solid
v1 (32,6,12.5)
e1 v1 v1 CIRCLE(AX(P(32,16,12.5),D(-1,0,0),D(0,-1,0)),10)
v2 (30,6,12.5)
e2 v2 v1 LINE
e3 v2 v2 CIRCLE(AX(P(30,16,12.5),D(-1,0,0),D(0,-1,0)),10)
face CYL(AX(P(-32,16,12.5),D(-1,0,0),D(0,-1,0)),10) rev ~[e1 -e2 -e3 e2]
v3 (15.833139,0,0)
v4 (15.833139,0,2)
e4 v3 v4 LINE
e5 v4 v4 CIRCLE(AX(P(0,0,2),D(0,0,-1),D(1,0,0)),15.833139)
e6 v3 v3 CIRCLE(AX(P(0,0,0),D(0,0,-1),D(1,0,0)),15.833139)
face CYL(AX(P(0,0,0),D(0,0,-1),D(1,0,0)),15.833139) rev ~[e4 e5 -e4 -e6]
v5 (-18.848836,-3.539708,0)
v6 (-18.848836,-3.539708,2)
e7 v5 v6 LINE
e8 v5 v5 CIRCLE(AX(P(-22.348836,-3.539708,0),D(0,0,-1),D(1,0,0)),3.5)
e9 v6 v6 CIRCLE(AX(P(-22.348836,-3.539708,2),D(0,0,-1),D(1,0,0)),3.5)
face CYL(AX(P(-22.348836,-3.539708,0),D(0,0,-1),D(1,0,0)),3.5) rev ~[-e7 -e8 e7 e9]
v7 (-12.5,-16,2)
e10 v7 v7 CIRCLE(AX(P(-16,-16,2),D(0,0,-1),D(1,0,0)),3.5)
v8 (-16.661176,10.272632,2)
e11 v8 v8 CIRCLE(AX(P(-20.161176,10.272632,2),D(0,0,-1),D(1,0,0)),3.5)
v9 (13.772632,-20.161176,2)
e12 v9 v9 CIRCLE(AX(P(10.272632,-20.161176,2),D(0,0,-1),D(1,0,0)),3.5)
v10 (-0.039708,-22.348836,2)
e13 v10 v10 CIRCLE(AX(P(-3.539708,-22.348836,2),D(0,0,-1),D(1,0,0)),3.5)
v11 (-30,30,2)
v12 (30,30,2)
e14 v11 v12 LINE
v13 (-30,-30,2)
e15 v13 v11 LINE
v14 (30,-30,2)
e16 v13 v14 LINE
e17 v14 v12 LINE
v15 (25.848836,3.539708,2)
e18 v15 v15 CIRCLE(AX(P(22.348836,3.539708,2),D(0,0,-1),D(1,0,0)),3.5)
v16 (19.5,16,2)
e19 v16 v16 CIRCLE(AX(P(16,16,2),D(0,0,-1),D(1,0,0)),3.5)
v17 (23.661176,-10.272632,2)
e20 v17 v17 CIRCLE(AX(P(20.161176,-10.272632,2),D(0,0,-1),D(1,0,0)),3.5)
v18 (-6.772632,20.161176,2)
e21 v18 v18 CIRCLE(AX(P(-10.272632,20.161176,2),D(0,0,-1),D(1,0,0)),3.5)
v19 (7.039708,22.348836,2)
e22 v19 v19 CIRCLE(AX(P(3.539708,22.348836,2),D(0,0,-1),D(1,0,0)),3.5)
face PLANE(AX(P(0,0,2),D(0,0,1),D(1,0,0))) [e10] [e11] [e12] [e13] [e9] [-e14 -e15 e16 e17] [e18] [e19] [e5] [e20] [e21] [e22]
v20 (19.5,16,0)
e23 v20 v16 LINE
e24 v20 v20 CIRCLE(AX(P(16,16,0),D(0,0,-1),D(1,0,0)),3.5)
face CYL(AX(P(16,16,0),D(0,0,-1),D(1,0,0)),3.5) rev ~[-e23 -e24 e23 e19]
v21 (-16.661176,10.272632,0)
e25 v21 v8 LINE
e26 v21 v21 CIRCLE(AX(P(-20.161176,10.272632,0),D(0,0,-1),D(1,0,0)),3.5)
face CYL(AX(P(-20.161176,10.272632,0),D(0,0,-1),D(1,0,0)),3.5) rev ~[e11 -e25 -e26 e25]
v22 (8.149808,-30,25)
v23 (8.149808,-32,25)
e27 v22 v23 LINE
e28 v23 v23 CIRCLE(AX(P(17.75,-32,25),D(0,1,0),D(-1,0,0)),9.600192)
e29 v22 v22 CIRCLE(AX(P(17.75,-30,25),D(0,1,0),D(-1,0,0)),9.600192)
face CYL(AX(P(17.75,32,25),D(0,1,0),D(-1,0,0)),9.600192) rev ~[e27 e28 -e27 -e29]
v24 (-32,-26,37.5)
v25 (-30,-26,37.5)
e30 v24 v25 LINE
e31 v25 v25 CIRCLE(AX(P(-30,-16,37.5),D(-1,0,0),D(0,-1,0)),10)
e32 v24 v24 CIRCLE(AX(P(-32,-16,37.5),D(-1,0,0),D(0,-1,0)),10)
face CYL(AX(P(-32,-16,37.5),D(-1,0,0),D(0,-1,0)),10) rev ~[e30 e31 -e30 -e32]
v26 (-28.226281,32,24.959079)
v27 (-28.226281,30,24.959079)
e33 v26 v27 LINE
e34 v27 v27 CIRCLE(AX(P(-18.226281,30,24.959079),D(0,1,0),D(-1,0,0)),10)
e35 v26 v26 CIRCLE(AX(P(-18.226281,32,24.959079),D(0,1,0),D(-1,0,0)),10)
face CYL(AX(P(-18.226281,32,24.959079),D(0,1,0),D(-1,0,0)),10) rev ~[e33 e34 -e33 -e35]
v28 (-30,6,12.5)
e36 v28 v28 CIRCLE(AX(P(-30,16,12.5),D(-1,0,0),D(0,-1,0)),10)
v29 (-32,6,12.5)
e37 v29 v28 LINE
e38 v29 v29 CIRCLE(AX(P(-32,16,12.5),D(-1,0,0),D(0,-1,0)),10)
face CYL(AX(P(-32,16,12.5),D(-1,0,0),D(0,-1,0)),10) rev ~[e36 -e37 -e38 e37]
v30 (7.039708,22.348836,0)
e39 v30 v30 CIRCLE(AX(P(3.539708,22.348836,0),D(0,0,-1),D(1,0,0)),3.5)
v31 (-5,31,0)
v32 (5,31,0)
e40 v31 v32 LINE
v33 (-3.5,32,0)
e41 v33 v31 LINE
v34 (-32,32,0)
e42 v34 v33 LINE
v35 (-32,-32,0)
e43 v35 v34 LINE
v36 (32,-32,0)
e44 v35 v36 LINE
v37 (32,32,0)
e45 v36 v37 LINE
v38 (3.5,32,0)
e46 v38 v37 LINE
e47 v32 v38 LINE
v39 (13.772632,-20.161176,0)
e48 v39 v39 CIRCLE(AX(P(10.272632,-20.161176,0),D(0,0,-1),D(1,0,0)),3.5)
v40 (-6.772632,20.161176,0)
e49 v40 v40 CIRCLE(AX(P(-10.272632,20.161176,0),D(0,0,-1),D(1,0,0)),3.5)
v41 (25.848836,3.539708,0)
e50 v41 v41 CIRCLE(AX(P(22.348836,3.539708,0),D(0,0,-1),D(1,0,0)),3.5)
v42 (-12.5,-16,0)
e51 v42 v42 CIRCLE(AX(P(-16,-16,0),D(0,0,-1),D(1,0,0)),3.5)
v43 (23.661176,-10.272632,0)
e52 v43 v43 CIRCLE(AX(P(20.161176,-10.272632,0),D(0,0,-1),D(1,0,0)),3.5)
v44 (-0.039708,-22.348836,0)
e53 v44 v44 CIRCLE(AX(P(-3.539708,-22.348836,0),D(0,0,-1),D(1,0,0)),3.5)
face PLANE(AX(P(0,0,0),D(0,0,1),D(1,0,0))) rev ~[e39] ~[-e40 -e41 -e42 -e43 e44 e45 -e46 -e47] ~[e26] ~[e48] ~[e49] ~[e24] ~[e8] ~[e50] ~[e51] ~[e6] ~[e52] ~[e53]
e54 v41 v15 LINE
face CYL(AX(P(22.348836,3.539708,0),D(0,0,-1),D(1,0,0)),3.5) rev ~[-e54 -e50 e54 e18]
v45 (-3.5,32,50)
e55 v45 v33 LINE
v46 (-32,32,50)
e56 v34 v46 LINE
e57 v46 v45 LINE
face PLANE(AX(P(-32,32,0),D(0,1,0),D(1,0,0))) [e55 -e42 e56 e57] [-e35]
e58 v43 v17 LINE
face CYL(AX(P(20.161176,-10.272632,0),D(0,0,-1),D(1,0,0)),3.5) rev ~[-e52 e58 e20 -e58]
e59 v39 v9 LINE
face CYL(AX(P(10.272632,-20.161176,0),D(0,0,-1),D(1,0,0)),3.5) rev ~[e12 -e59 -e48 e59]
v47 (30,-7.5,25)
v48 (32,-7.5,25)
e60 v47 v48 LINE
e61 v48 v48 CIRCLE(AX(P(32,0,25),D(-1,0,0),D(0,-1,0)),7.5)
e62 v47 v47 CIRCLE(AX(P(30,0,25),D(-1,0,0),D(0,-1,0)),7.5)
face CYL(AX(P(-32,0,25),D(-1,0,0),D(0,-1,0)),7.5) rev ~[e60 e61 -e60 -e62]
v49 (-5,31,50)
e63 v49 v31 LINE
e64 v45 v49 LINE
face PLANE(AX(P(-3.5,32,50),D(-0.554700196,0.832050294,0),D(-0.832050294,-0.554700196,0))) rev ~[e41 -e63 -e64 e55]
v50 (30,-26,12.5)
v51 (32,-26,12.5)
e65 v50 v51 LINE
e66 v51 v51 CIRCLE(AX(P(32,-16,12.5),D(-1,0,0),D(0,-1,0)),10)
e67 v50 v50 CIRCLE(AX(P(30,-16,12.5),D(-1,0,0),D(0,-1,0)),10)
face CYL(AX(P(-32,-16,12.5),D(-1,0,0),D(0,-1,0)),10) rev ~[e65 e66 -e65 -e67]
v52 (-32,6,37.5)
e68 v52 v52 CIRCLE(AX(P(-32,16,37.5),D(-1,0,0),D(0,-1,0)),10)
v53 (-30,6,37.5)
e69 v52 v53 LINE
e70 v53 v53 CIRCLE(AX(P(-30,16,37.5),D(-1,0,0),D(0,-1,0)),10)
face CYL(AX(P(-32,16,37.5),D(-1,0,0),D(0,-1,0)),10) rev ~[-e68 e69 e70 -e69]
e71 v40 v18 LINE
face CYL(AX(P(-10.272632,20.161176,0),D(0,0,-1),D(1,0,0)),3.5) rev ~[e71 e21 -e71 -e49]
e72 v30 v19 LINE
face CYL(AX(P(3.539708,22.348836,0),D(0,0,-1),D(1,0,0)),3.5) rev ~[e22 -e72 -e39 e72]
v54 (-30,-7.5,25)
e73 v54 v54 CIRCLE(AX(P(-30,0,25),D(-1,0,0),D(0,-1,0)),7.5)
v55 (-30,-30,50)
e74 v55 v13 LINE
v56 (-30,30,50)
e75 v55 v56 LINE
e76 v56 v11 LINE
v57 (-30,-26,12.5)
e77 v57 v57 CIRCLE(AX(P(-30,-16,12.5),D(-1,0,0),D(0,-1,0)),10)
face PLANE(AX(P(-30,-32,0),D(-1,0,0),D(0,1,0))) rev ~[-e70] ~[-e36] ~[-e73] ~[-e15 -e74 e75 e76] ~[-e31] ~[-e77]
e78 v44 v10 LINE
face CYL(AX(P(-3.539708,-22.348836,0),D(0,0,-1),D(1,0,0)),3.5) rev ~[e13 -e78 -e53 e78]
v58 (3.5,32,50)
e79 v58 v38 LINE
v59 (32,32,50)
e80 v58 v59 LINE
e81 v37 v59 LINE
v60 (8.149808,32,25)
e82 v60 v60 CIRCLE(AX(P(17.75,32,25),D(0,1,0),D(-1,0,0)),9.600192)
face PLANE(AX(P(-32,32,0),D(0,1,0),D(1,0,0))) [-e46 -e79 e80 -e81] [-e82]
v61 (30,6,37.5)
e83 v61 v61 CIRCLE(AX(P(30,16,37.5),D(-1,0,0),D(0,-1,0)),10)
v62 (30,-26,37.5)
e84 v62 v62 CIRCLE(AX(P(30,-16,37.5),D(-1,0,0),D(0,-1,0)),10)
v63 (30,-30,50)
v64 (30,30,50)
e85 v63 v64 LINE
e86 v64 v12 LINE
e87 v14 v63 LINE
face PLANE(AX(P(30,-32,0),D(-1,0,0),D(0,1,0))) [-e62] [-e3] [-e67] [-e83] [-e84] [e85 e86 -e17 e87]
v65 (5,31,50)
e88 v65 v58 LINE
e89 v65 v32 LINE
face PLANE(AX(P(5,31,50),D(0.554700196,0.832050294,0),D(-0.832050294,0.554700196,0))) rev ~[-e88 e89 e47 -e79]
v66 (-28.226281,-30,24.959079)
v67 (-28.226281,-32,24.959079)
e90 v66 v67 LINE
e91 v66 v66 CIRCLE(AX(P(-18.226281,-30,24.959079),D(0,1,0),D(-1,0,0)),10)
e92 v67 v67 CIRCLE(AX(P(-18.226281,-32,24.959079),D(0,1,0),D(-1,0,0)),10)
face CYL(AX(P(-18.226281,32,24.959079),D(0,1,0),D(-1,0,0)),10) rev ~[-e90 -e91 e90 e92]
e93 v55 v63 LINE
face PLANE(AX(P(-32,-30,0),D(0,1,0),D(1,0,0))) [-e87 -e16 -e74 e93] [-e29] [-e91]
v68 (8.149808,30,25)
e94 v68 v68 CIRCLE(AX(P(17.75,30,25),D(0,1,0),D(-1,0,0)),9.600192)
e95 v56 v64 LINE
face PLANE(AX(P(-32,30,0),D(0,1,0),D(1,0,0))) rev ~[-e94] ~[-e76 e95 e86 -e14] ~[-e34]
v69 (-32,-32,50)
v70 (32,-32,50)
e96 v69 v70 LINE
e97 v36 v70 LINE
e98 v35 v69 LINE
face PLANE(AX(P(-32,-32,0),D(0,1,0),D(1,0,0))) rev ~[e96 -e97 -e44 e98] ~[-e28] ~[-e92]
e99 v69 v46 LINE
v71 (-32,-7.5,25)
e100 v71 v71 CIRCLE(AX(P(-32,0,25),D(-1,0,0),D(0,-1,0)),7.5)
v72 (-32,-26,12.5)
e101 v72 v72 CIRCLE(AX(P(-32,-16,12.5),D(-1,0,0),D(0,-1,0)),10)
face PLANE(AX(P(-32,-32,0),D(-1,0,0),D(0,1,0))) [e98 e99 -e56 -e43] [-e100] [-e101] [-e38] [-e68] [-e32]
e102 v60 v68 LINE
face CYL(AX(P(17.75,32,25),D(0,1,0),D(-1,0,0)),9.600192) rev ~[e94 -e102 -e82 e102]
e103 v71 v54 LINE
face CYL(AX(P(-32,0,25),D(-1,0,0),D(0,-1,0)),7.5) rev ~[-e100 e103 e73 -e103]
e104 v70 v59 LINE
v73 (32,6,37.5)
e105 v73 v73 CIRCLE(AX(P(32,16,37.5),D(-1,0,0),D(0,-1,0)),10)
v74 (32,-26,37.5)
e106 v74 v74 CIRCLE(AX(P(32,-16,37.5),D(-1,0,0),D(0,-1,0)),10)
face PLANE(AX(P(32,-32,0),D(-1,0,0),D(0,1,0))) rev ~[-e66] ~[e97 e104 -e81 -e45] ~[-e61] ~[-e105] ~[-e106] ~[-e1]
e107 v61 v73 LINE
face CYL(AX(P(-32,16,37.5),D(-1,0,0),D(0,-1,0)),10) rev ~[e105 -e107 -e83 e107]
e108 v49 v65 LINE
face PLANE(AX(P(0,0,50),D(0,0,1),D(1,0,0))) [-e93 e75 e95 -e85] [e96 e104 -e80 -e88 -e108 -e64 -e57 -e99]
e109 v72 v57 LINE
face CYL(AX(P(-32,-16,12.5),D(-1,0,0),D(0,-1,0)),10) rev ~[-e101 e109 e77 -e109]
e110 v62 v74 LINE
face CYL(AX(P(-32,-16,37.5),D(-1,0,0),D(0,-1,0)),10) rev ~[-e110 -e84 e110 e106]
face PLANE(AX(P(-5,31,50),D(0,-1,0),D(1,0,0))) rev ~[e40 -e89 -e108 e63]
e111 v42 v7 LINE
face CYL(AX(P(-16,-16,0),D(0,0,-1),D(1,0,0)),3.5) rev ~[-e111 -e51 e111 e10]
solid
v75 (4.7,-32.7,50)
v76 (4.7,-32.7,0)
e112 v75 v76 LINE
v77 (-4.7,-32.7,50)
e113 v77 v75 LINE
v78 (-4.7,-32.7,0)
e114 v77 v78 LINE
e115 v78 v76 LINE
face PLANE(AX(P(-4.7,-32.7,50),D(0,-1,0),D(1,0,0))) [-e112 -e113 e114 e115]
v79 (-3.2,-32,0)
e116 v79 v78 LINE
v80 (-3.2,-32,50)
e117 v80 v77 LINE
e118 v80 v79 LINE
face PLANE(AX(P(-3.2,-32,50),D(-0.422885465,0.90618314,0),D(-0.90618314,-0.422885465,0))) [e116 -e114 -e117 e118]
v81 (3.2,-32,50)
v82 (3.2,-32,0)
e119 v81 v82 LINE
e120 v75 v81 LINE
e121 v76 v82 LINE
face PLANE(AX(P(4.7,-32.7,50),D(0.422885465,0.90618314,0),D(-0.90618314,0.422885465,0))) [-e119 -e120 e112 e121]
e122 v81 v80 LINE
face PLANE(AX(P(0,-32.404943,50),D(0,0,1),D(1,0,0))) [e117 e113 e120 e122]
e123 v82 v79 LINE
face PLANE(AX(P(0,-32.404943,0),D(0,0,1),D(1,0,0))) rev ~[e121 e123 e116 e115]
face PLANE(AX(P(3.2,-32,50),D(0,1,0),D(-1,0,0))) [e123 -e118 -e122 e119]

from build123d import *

# Parameters (mm, degrees)
F0_W      = 64
F0_H      = 64
F1_DEPTH  = 50
F2_T      = -2
F4_DEPTH  = 50
F5_DEPTH  = 50
F6_R      = 10
F6_R_2    = 7.5
F7_DEPTH  = 70
F8_R      = 9.600192
F8_R_2    = 10
F9_DEPTH  = 70
F10_R     = 3.5
F10_R_2   = 15.833139
F11_DEPTH = 25


with BuildPart() as f1:
    # F0 (on Top) → F1 (new body)
    with BuildSketch(Plane.XY):
        Rectangle(F0_W, F0_H)
    extrude(amount=F1_DEPTH)

    # F2
    f2_openings = [f1.faces().sort_by_distance(p)[0] for p in [
        (0, 0, 50),
    ]]
    offset(amount=F2_T, openings=f2_openings)

    # F3 (on face) → F4 (cut)
    with BuildSketch(Plane.XY.offset(50)):
        Polygon((0, 32), (-3.5, 32), (-5, 31), (0, 31), (5, 31), (3.5, 32), align=None)
    extrude(amount=-F4_DEPTH, mode=Mode.SUBTRACT)

    # F6 (on face) → F7 (cut)
    with BuildSketch(Plane(origin=(-32, 0, 0), x_dir=(0, -1, 0), z_dir=(-1, 0, 0))):
        with Locations((16, 12.5)):
            Circle(F6_R)
        with Locations((-16, 12.5)):
            Circle(F6_R)
        with Locations((0, 25)):
            Circle(F6_R_2)
        with Locations((16, 37.5)):
            Circle(F6_R)
        with Locations((-16, 37.5)):
            Circle(F6_R)
    extrude(amount=-F7_DEPTH, mode=Mode.SUBTRACT)

    # F8 (on face) → F9 (cut)
    with BuildSketch(Plane(origin=(0, 32, 0), x_dir=(-1, 0, 0), z_dir=(0, 1, 0))):
        with Locations((-17.75, 25)):
            Circle(F8_R)
        with Locations((18.226281, 24.959079)):
            Circle(F8_R_2)
    extrude(amount=-F9_DEPTH, mode=Mode.SUBTRACT)

    # F10 (on face) → F11 (cut)
    with BuildSketch(Plane(origin=(0, 0, 0), x_dir=(1, 0, 0), z_dir=(0, 0, -1))):
        with Locations((-16, 16)):
            Circle(F10_R)
        with Locations((-3.539708, 22.348836)):
            Circle(F10_R)
        with Locations((10.272632, 20.161176)):
            Circle(F10_R)
        with Locations((20.161176, 10.272632)):
            Circle(F10_R)
        with Locations((22.348836, -3.539708)):
            Circle(F10_R)
        with Locations((16, -16)):
            Circle(F10_R)
        with Locations((3.539708, -22.348836)):
            Circle(F10_R)
        with Locations((-10.272632, -20.161176)):
            Circle(F10_R)
        with Locations((-20.161176, -10.272632)):
            Circle(F10_R)
        with Locations((-22.348836, 3.539708)):
            Circle(F10_R)
        Circle(F10_R_2)
    extrude(amount=-F11_DEPTH, mode=Mode.SUBTRACT)


with BuildPart() as f5:
    # F3 (on face) → F5 (new body)
    with BuildSketch(Plane.XY.offset(50)):
        Polygon((3.2, -32), (0, -32), (-3.2, -32), (-4.7, -32.7), (0, -32.7), (4.7, -32.7), align=None)
    extrude(amount=-F5_DEPTH)


solid = Compound([f1.part, f5.part])
